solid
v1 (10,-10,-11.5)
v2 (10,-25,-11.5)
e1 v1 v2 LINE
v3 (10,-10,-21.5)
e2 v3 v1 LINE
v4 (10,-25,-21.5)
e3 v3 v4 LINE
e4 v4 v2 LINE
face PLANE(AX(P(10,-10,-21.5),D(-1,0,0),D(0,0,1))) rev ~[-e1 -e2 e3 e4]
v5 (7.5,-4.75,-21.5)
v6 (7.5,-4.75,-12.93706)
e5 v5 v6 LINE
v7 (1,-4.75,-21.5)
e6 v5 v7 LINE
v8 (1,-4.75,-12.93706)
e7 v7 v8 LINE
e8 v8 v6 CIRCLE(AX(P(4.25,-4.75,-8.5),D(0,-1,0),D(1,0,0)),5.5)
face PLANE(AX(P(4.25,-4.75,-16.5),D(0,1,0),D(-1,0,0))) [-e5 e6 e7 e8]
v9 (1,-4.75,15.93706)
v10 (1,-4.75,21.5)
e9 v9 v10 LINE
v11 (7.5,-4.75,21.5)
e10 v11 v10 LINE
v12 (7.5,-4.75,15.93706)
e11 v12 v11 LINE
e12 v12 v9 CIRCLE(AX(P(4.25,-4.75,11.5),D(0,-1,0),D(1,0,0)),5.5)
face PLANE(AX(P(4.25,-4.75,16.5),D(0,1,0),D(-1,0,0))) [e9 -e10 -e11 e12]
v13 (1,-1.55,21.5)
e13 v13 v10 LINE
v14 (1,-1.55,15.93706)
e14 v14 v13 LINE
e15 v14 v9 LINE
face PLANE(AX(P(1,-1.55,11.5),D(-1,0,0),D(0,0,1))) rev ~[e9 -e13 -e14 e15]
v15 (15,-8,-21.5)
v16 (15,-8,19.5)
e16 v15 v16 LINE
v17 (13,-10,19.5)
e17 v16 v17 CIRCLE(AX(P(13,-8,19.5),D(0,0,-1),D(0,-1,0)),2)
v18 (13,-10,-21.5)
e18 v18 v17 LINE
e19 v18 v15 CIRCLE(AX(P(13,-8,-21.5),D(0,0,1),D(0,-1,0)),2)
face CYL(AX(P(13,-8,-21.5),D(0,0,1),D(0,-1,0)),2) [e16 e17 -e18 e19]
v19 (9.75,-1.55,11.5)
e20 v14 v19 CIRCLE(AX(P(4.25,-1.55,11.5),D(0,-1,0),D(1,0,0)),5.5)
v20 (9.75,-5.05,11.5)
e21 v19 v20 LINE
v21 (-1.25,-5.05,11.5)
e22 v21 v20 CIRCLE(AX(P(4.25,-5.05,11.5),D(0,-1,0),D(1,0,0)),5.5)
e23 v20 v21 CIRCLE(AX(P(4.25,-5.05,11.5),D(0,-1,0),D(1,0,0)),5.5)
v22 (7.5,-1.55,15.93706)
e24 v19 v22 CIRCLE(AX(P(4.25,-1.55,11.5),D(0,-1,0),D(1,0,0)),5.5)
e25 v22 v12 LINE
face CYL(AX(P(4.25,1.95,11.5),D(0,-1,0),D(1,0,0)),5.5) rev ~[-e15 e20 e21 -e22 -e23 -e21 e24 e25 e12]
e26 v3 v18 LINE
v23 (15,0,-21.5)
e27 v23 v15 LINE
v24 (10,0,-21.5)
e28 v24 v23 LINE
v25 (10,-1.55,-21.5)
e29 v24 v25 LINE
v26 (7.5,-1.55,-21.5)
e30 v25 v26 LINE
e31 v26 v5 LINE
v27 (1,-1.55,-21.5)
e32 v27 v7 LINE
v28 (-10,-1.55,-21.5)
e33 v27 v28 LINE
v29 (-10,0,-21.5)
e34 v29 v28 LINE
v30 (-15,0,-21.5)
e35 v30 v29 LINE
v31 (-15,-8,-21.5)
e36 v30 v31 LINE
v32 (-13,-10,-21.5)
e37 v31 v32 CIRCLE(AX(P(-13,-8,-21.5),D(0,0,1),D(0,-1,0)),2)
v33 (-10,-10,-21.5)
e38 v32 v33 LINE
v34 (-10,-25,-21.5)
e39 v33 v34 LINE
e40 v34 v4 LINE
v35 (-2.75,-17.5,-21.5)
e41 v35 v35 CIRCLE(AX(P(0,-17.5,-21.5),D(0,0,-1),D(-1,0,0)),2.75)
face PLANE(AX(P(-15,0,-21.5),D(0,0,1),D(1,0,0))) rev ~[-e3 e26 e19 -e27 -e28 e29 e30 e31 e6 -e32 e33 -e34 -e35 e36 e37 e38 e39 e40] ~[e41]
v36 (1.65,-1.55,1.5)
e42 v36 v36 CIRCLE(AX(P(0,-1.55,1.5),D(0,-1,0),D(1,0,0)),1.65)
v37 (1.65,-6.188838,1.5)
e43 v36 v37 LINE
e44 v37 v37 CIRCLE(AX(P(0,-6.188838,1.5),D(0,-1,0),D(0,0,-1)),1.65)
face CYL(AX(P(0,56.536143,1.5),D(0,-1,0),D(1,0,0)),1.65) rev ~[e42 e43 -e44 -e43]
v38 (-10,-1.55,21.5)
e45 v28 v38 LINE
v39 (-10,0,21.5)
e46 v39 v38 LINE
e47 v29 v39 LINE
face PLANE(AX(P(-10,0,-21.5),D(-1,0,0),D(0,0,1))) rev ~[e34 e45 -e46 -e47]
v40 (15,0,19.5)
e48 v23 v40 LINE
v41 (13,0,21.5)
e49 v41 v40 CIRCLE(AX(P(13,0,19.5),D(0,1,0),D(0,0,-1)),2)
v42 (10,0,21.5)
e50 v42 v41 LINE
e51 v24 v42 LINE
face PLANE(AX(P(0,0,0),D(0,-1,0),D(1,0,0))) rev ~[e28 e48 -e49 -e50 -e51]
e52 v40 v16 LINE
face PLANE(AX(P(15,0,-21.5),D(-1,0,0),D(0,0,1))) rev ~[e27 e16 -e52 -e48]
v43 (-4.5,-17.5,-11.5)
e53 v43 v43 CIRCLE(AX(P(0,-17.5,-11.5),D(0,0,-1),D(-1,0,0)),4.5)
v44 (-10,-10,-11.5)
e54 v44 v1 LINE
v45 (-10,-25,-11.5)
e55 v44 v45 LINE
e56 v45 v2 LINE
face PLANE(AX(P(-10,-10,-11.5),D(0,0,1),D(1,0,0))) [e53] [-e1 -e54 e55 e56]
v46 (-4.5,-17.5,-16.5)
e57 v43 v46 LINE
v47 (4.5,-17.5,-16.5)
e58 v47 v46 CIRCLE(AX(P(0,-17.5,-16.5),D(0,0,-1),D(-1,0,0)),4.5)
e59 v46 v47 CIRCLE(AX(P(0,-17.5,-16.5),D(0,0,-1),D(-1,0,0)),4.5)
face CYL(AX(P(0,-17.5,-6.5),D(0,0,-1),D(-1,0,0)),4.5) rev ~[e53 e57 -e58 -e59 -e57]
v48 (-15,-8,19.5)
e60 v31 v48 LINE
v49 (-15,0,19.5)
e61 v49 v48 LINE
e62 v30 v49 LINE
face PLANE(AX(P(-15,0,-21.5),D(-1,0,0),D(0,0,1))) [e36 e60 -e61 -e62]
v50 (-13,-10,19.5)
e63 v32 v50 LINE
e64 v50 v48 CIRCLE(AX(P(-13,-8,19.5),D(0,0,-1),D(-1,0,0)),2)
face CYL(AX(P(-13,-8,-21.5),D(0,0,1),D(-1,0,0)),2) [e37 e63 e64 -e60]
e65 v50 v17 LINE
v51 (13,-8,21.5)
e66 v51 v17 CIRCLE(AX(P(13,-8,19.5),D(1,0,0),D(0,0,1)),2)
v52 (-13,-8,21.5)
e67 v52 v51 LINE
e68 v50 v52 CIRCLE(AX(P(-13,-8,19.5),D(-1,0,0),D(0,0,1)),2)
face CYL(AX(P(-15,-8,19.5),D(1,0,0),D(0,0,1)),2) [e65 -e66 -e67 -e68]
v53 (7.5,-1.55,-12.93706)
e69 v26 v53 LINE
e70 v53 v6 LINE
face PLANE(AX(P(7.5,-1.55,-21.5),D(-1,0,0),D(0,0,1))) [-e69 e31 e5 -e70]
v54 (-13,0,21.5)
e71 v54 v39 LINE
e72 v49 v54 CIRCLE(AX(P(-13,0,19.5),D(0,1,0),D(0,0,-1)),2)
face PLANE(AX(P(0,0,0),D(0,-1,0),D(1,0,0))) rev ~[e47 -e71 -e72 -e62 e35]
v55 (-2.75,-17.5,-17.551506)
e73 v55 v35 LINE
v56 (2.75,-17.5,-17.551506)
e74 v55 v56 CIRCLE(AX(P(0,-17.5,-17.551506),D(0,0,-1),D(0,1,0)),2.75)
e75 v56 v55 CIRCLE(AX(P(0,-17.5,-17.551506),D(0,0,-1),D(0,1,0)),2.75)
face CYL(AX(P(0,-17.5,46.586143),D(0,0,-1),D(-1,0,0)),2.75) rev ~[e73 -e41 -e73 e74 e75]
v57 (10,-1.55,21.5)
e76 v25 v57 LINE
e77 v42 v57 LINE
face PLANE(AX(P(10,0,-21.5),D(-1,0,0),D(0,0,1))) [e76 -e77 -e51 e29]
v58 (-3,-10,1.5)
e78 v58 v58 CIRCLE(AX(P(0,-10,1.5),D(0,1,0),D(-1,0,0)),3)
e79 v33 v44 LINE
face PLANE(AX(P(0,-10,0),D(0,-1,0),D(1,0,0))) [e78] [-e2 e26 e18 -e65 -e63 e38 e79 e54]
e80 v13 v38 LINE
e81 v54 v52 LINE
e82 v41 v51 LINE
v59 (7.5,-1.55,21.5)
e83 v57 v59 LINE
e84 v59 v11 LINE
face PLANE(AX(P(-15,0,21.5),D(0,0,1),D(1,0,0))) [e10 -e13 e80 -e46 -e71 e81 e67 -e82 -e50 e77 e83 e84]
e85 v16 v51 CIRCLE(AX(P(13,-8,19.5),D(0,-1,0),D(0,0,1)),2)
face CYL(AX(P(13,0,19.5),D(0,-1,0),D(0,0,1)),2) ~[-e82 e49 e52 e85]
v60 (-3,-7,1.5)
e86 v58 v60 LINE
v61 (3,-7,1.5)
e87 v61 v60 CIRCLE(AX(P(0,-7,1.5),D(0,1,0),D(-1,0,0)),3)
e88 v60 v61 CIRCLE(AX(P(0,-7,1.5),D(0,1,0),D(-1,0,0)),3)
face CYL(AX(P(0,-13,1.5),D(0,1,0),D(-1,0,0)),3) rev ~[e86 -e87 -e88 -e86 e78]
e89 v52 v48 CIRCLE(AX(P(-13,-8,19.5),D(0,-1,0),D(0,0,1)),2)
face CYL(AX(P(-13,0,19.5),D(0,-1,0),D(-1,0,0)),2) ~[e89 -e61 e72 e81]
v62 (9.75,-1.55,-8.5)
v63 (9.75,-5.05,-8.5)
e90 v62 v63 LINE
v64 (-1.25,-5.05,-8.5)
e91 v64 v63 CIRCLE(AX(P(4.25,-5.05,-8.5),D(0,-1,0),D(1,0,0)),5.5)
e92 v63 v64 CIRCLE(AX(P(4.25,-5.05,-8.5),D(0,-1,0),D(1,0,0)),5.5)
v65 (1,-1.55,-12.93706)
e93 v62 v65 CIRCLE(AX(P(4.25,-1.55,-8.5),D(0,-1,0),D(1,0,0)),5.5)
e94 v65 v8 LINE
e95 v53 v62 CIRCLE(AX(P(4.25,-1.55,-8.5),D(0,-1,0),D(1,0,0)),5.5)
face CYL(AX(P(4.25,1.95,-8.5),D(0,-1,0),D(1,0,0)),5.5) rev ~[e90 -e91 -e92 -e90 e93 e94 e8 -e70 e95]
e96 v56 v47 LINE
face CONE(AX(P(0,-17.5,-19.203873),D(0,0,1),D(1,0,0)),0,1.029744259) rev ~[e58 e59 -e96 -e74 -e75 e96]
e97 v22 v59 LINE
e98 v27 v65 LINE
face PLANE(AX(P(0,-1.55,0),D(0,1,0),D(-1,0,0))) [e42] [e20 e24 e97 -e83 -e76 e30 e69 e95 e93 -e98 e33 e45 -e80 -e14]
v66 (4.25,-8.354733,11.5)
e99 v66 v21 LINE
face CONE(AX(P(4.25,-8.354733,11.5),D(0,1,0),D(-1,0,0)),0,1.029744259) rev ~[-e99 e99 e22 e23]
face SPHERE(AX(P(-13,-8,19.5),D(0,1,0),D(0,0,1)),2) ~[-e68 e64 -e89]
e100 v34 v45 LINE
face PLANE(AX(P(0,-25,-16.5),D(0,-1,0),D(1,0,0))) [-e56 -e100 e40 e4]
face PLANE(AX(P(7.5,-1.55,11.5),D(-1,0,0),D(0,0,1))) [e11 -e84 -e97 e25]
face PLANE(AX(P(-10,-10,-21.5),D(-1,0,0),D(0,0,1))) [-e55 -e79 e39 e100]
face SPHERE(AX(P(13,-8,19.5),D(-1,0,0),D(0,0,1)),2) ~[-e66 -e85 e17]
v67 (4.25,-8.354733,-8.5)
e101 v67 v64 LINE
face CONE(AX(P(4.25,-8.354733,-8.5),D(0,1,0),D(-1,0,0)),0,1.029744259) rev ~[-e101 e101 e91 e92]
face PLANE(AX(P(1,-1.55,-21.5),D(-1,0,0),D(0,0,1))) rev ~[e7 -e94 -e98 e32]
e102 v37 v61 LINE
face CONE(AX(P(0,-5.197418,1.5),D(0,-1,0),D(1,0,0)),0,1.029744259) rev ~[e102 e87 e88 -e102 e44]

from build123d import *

# Parameters (mm, degrees)
F0_W      = 30
F0_H      = 43
F1_DEPTH  = 10
F2_W      = 20
F2_H      = 10
F3_DEPTH  = 15
F5_D      = 5.5
F7_D      = 9
F7_DEPTH  = 5
F7_TIP    = 2.7038727856
F8_W      = 20
F8_H      = 43
F9_DEPTH  = 1.55
F11_D     = 3.3
F13_D     = 6
F13_DEPTH = 3
F13_TIP   = 1.8025818571
F14_W     = 6.5
F14_H     = 10
F15_DEPTH = 3.2
F17_D     = 11
F17_DEPTH = 3.5
F17_TIP   = 3.3047334047
F18_R     = 2


with BuildPart() as f1:
    # F0 (on Front) → F1 (new body)
    with BuildSketch(Plane.XZ):
        Rectangle(F0_W, F0_H)
    extrude(amount=F1_DEPTH)

    # F2 (on face) → F3 (join)
    with BuildSketch(Plane.XZ.offset(10)):
        with Locations((0, -16.5)):
            Rectangle(F2_W, F2_H)
    extrude(amount=F3_DEPTH)

    # F5 (through all)
    with Locations(Plane.XY.offset(-11.5)):
        with Locations((0, -17.5)):
            Hole(F5_D / 2)

    # F7
    with Locations(Plane.XY.offset(-11.5)):
        with Locations((0, -17.5)):
            Hole(F7_D / 2, depth=F7_DEPTH)
            with Locations((0, 0, -(F7_DEPTH + F7_TIP / 2))):  # 118° drill point
                Cone(0, F7_D / 2, F7_TIP, mode=Mode.SUBTRACT)

    # F8 (on face) → F9 (cut)
    with BuildSketch(Plane(origin=(0, 0, 0), x_dir=(-1, 0, 0), z_dir=(0, 1, 0))):
        Rectangle(F8_W, F8_H)
    extrude(amount=-F9_DEPTH, mode=Mode.SUBTRACT)

    # F11 (through all)
    with Locations(Plane(origin=(0, -1.55, 0), x_dir=(-1, 0, 0), z_dir=(0, 1, 0))):
        with Locations((0, 1.5)):
            Hole(F11_D / 2)

    # F13
    with Locations(Plane.XZ.offset(10)):
        with Locations((0, 1.5)):
            Hole(F13_D / 2, depth=F13_DEPTH)
            with Locations((0, 0, -(F13_DEPTH + F13_TIP / 2))):  # 118° drill point
                Cone(0, F13_D / 2, F13_TIP, mode=Mode.SUBTRACT)

    # F14 (on face) → F15 (cut)
    with BuildSketch(Plane(origin=(0, -1.55, 0), x_dir=(-1, 0, 0), z_dir=(0, 1, 0))):
        with Locations((-4.25, 16.5)):
            Rectangle(F14_W, F14_H)
        with Locations((-4.25, -16.5)):
            Rectangle(F14_W, F14_H)
    extrude(amount=-F15_DEPTH, mode=Mode.SUBTRACT)

    # F17
    with Locations(Plane(origin=(0, -1.55, 0), x_dir=(-1, 0, 0), z_dir=(0, 1, 0))):
        with Locations((-4.25, -8.5), (-4.25, 11.5)):
            Hole(F17_D / 2, depth=F17_DEPTH)
            with Locations((0, 0, -(F17_DEPTH + F17_TIP / 2))):  # 118° drill point
                Cone(0, F17_D / 2, F17_TIP, mode=Mode.SUBTRACT)

    # F18
    f18_edges = [f1.edges().sort_by_distance(p)[0] for p in [
        (-15, -5, 21.5),
        (0, -10, 21.5),
        (-15, -10, 0),
        (15, -5, 21.5),
        (15, -10, 0),
    ]]
    fillet(f18_edges, radius=F18_R)


solid = f1.part
